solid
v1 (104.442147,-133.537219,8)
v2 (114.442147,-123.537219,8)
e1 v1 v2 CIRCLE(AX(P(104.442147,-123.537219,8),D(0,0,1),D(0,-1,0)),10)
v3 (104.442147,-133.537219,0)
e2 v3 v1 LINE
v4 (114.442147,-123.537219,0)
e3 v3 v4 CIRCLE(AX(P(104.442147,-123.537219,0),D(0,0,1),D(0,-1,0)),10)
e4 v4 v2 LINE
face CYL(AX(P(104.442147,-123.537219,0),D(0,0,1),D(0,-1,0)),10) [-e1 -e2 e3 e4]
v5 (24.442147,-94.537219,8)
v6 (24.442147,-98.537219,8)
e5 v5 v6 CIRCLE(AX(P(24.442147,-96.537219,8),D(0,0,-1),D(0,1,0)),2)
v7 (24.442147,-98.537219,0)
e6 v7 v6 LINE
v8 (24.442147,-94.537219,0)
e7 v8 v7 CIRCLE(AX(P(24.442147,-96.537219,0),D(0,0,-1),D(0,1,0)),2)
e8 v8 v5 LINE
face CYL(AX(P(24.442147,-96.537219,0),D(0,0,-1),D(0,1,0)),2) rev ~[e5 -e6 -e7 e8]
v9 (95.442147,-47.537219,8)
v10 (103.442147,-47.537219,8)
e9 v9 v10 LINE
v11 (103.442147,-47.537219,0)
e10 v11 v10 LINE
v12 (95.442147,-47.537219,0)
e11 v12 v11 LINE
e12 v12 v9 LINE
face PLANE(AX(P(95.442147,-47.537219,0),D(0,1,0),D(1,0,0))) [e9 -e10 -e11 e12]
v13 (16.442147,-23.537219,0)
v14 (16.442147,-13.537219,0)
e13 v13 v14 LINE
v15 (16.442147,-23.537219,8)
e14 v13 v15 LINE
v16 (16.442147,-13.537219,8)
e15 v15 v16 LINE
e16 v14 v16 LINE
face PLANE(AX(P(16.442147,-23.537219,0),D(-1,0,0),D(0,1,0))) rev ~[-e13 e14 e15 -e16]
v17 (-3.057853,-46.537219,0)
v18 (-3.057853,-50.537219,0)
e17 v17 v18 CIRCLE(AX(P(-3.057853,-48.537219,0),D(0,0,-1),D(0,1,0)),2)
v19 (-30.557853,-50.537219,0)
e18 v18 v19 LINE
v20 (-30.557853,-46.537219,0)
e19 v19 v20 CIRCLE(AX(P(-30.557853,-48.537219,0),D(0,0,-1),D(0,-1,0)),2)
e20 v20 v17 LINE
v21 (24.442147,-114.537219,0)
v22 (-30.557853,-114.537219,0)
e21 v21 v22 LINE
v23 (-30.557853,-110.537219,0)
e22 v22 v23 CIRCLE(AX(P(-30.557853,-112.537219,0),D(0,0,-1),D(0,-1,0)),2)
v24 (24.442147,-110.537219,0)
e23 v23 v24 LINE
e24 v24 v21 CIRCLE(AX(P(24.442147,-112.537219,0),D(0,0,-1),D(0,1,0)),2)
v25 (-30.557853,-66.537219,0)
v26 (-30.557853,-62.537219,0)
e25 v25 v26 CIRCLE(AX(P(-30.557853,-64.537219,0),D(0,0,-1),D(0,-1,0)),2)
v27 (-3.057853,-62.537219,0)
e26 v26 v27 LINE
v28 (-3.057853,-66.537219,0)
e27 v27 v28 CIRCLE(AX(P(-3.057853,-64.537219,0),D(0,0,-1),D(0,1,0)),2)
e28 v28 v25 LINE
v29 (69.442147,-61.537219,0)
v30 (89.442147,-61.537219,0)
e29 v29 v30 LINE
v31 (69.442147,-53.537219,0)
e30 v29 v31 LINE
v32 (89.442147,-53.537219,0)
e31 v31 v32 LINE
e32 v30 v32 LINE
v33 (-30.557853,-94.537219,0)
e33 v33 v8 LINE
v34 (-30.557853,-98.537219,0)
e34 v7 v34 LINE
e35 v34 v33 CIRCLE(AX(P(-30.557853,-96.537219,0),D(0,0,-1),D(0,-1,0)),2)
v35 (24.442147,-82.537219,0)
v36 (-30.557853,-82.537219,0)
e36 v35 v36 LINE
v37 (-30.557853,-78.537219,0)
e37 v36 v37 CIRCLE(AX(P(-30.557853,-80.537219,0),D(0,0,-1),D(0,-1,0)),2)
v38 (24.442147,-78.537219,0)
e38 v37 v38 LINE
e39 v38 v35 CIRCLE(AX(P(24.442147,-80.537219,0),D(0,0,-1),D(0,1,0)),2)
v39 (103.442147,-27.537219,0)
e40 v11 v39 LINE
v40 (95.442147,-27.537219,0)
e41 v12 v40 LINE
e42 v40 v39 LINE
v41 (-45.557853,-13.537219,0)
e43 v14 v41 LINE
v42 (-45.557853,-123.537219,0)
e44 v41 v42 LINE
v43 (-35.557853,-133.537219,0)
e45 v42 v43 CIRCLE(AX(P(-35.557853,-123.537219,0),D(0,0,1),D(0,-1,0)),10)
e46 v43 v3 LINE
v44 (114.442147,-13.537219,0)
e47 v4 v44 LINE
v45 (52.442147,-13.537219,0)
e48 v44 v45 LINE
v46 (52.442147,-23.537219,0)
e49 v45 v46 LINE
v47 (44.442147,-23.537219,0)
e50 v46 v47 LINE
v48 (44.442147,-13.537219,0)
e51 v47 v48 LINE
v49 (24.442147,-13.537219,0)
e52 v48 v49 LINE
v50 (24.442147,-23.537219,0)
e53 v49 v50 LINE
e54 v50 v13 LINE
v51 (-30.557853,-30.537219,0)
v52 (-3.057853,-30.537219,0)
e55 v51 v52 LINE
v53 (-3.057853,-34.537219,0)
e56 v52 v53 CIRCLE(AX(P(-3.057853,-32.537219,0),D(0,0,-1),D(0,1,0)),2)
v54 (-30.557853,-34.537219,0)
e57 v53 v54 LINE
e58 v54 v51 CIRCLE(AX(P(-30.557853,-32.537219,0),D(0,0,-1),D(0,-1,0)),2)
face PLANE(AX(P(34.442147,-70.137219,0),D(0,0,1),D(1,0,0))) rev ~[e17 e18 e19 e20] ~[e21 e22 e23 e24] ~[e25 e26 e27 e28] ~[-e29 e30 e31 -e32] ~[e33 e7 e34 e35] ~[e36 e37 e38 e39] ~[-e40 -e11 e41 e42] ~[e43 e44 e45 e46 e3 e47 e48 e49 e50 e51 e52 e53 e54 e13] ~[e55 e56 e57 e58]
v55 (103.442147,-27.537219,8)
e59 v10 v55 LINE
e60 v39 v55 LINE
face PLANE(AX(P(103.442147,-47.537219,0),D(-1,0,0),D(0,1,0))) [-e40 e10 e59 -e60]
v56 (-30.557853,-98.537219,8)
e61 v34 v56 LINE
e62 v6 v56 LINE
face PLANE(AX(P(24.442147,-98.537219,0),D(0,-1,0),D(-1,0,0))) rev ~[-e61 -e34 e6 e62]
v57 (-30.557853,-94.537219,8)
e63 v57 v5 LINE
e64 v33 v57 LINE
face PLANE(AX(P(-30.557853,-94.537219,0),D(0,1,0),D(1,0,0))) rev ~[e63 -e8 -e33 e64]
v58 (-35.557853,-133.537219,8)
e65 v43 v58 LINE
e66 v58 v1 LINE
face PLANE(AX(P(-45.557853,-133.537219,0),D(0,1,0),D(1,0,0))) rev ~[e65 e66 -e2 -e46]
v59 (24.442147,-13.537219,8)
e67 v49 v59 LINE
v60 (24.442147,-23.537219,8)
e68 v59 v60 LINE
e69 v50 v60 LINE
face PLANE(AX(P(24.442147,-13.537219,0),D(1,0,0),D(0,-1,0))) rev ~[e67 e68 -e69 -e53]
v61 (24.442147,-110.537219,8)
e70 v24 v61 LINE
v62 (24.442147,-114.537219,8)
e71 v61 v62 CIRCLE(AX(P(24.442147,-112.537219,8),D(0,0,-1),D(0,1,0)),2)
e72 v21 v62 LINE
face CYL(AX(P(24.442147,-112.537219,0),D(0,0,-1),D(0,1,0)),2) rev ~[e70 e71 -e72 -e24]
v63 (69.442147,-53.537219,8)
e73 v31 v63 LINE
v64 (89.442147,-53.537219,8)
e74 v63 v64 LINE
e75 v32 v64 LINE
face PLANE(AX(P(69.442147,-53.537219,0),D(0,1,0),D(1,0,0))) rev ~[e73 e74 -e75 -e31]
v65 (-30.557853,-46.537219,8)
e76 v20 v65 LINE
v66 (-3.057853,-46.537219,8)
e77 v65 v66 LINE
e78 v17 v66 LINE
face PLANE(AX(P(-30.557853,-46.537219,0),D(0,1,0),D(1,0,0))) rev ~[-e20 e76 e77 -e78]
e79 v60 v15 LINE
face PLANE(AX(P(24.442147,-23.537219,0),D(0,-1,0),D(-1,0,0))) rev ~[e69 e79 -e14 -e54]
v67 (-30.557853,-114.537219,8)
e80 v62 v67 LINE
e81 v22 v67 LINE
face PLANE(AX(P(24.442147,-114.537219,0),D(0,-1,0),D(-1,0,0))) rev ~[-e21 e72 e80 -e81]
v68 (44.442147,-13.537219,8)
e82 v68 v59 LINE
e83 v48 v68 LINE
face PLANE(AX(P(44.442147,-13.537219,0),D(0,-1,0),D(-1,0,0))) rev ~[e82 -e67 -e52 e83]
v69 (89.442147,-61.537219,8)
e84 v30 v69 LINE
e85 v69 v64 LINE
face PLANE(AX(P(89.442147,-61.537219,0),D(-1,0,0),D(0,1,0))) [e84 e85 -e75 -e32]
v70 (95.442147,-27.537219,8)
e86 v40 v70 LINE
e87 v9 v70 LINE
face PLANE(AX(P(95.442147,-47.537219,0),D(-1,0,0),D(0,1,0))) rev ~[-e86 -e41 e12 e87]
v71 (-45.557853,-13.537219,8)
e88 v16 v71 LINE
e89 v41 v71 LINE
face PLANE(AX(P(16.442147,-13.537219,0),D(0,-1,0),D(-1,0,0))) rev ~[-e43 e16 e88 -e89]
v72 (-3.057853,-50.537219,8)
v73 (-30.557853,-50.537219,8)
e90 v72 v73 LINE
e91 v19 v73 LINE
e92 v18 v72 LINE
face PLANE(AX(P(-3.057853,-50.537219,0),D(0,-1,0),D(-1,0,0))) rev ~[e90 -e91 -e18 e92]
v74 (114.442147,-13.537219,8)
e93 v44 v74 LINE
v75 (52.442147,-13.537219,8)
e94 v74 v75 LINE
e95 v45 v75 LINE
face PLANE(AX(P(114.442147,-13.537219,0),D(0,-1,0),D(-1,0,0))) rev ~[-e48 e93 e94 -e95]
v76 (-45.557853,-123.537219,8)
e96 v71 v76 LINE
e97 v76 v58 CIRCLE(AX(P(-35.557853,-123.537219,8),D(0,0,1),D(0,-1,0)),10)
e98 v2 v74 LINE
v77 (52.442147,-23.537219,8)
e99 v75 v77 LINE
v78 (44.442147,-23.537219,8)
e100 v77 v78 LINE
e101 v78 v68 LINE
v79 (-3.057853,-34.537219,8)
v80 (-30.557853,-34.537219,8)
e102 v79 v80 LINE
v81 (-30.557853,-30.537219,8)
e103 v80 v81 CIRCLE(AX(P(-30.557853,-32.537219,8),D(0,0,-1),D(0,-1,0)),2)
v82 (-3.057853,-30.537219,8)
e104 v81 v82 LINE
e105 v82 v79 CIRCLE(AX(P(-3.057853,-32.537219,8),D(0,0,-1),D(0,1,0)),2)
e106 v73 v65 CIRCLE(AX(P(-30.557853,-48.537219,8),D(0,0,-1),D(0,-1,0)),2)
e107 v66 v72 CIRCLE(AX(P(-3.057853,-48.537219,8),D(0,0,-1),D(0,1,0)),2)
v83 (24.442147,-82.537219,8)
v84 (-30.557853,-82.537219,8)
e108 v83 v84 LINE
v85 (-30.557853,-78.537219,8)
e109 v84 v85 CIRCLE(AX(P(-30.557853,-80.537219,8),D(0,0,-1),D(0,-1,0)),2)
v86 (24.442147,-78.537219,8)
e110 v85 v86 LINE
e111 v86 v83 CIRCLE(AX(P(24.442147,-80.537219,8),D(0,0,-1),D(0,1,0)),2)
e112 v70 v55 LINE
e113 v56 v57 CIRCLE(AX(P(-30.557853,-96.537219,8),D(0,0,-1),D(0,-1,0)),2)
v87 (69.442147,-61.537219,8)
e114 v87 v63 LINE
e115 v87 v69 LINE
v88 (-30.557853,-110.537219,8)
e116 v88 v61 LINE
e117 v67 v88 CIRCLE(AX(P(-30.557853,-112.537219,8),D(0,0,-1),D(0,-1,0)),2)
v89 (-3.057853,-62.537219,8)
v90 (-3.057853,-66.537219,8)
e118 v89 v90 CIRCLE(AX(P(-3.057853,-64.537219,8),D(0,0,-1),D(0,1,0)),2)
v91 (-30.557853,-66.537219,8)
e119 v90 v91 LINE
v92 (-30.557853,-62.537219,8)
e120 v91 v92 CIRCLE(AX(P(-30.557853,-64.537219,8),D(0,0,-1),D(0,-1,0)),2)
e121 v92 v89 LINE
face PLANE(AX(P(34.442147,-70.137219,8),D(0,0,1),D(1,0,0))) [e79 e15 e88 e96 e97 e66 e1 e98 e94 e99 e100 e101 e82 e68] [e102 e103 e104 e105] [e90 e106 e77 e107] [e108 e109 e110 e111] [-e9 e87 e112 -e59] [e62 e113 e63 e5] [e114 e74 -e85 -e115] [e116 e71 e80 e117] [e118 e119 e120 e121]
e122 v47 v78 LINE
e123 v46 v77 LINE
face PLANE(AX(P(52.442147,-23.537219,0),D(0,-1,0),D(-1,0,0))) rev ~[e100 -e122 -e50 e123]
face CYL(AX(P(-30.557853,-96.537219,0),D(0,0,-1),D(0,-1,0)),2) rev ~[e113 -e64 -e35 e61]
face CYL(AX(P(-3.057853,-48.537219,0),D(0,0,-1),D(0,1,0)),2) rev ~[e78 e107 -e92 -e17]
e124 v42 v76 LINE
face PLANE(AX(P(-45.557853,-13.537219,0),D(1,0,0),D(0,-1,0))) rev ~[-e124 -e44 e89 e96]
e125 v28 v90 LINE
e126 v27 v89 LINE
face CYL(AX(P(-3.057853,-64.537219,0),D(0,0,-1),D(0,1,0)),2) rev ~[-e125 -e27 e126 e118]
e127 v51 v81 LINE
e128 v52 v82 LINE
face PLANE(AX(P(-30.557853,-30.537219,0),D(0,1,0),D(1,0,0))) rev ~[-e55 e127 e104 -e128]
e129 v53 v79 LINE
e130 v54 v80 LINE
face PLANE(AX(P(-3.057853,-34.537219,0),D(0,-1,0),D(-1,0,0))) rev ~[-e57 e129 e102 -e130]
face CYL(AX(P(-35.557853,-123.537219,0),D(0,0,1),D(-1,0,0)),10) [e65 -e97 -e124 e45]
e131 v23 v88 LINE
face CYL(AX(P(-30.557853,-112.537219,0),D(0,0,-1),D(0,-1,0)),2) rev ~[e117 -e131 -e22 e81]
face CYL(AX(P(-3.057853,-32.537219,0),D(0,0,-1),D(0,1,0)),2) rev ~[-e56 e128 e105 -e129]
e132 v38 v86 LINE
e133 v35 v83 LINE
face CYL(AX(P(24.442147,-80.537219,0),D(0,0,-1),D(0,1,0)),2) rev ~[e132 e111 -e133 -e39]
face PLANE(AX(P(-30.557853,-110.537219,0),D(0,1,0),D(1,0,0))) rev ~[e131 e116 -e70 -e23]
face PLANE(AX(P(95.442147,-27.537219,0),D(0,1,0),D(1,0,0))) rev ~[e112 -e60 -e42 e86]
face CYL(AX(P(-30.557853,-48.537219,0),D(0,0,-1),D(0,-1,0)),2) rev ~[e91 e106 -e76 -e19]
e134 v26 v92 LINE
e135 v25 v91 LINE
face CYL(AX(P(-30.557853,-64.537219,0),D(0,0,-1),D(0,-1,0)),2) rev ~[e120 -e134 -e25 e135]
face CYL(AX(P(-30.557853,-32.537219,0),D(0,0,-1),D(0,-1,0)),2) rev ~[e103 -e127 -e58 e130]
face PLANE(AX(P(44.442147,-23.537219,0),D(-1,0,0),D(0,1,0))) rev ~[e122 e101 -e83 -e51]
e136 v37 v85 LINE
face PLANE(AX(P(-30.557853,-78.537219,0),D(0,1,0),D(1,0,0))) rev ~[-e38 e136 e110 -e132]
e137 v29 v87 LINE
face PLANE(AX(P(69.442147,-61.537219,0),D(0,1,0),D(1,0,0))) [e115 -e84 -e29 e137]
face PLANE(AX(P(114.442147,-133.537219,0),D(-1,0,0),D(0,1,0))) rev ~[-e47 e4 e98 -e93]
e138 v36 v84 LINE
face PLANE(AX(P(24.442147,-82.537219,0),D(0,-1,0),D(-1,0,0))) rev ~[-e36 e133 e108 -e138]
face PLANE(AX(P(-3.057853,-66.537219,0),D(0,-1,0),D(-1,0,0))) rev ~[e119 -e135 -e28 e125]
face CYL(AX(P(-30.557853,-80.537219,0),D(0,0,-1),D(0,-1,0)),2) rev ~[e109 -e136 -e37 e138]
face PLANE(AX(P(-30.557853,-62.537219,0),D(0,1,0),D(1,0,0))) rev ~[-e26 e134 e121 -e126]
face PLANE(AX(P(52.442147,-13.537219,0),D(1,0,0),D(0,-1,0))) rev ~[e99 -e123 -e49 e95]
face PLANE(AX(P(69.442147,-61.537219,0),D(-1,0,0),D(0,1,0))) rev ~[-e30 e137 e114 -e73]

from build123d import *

# Parameters (mm, degrees)
F0_W     = 20
F0_H     = 8
F0_W_2   = 8
F0_H_2   = 20
F1_DEPTH = 8
F2_R     = 10


with BuildPart() as f1:
    # F0 (on Top) → F1 (new body)
    with BuildSketch(Plane.XY):
        Polygon((16.4421471655, -13.5372191966), (-45.5578528345, -13.5372191966), (-45.5578528345, -133.5372191966), (114.4421471655, -133.5372191966), (114.4421471655, -13.5372191966), (52.4421471655, -13.5372191966), (52.4421471655, -23.5372191966), (44.4421471655, -23.5372191966), (44.4421471655, -13.5372191966), (24.4421471655, -13.5372191966), (24.4421471655, -23.5372191966), (16.4421471655, -23.5372191966), align=None)
        with BuildLine():
            ThreePointArc((-30.5578528345, -114.5372191966), (-32.5578528345, -112.5372191966), (-30.5578528345, -110.5372191966))
            Line((-30.5578528345, -110.5372191966), (24.4421471655, -110.5372191966))
            ThreePointArc((24.4421471655, -110.5372191966), (26.4421471655, -112.5372191966), (24.4421471655, -114.5372191966))
            Line((24.4421471655, -114.5372191966), (-30.5578528345, -114.5372191966))
        make_face(mode=Mode.SUBTRACT)
        with BuildLine():
            ThreePointArc((-30.5578528345, -98.5372191966), (-32.5578528345, -96.5372191966), (-30.5578528345, -94.5372191966))
            Line((-30.5578528345, -94.5372191966), (24.4421471655, -94.5372191966))
            ThreePointArc((24.4421471655, -94.5372191966), (26.4421471655, -96.5372191966), (24.4421471655, -98.5372191966))
            Line((24.4421471655, -98.5372191966), (-30.5578528345, -98.5372191966))
        make_face(mode=Mode.SUBTRACT)
        with BuildLine():
            Line((24.4421471655, -82.5372191966), (-30.5578528345, -82.5372191966))
            ThreePointArc((-30.5578528345, -82.5372191966), (-32.5578528345, -80.5372191966), (-30.5578528345, -78.5372191966))
            Line((-30.5578528345, -78.5372191966), (24.4421471655, -78.5372191966))
            ThreePointArc((24.4421471655, -78.5372191966), (26.4421471655, -80.5372191966), (24.4421471655, -82.5372191966))
        make_face(mode=Mode.SUBTRACT)
        with BuildLine():
            Line((-3.0578528345, -66.5372191966), (-30.5578528345, -66.5372191966))
            ThreePointArc((-30.5578528345, -66.5372191966), (-32.5578528345, -64.5372191966), (-30.5578528345, -62.5372191966))
            Line((-30.5578528345, -62.5372191966), (-3.0578528345, -62.5372191966))
            ThreePointArc((-3.0578528345, -62.5372191966), (-1.0578528345, -64.5372191966), (-3.0578528345, -66.5372191966))
        make_face(mode=Mode.SUBTRACT)
        with BuildLine():
            Line((-3.0578528345, -50.5372191966), (-30.5578528345, -50.5372191966))
            ThreePointArc((-30.5578528345, -50.5372191966), (-32.5578528345, -48.5372191966), (-30.5578528345, -46.5372191966))
            Line((-30.5578528345, -46.5372191966), (-3.0578528345, -46.5372191966))
            ThreePointArc((-3.0578528345, -46.5372191966), (-1.0578528345, -48.5372191966), (-3.0578528345, -50.5372191966))
        make_face(mode=Mode.SUBTRACT)
        with BuildLine():
            Line((-3.0578528345, -34.5372191966), (-30.5578528345, -34.5372191966))
            ThreePointArc((-30.5578528345, -34.5372191966), (-32.5578528345, -32.5372191966), (-30.5578528345, -30.5372191966))
            Line((-30.5578528345, -30.5372191966), (-3.0578528345, -30.5372191966))
            ThreePointArc((-3.0578528345, -30.5372191966), (-1.0578528345, -32.5372191966), (-3.0578528345, -34.5372191966))
        make_face(mode=Mode.SUBTRACT)
        with Locations((79.4421471655, -57.5372191966)):
            Rectangle(F0_W, F0_H, mode=Mode.SUBTRACT)
        with Locations((99.4421471655, -37.5372191966)):
            Rectangle(F0_W_2, F0_H_2, mode=Mode.SUBTRACT)
    extrude(amount=F1_DEPTH)

    # F2
    f2_edges = [f1.edges().sort_by_distance(p)[0] for p in [
        (-45.557853, -133.537219, 4),
        (114.442147, -133.537219, 4),
    ]]
    fillet(f2_edges, radius=F2_R)


solid = f1.part
